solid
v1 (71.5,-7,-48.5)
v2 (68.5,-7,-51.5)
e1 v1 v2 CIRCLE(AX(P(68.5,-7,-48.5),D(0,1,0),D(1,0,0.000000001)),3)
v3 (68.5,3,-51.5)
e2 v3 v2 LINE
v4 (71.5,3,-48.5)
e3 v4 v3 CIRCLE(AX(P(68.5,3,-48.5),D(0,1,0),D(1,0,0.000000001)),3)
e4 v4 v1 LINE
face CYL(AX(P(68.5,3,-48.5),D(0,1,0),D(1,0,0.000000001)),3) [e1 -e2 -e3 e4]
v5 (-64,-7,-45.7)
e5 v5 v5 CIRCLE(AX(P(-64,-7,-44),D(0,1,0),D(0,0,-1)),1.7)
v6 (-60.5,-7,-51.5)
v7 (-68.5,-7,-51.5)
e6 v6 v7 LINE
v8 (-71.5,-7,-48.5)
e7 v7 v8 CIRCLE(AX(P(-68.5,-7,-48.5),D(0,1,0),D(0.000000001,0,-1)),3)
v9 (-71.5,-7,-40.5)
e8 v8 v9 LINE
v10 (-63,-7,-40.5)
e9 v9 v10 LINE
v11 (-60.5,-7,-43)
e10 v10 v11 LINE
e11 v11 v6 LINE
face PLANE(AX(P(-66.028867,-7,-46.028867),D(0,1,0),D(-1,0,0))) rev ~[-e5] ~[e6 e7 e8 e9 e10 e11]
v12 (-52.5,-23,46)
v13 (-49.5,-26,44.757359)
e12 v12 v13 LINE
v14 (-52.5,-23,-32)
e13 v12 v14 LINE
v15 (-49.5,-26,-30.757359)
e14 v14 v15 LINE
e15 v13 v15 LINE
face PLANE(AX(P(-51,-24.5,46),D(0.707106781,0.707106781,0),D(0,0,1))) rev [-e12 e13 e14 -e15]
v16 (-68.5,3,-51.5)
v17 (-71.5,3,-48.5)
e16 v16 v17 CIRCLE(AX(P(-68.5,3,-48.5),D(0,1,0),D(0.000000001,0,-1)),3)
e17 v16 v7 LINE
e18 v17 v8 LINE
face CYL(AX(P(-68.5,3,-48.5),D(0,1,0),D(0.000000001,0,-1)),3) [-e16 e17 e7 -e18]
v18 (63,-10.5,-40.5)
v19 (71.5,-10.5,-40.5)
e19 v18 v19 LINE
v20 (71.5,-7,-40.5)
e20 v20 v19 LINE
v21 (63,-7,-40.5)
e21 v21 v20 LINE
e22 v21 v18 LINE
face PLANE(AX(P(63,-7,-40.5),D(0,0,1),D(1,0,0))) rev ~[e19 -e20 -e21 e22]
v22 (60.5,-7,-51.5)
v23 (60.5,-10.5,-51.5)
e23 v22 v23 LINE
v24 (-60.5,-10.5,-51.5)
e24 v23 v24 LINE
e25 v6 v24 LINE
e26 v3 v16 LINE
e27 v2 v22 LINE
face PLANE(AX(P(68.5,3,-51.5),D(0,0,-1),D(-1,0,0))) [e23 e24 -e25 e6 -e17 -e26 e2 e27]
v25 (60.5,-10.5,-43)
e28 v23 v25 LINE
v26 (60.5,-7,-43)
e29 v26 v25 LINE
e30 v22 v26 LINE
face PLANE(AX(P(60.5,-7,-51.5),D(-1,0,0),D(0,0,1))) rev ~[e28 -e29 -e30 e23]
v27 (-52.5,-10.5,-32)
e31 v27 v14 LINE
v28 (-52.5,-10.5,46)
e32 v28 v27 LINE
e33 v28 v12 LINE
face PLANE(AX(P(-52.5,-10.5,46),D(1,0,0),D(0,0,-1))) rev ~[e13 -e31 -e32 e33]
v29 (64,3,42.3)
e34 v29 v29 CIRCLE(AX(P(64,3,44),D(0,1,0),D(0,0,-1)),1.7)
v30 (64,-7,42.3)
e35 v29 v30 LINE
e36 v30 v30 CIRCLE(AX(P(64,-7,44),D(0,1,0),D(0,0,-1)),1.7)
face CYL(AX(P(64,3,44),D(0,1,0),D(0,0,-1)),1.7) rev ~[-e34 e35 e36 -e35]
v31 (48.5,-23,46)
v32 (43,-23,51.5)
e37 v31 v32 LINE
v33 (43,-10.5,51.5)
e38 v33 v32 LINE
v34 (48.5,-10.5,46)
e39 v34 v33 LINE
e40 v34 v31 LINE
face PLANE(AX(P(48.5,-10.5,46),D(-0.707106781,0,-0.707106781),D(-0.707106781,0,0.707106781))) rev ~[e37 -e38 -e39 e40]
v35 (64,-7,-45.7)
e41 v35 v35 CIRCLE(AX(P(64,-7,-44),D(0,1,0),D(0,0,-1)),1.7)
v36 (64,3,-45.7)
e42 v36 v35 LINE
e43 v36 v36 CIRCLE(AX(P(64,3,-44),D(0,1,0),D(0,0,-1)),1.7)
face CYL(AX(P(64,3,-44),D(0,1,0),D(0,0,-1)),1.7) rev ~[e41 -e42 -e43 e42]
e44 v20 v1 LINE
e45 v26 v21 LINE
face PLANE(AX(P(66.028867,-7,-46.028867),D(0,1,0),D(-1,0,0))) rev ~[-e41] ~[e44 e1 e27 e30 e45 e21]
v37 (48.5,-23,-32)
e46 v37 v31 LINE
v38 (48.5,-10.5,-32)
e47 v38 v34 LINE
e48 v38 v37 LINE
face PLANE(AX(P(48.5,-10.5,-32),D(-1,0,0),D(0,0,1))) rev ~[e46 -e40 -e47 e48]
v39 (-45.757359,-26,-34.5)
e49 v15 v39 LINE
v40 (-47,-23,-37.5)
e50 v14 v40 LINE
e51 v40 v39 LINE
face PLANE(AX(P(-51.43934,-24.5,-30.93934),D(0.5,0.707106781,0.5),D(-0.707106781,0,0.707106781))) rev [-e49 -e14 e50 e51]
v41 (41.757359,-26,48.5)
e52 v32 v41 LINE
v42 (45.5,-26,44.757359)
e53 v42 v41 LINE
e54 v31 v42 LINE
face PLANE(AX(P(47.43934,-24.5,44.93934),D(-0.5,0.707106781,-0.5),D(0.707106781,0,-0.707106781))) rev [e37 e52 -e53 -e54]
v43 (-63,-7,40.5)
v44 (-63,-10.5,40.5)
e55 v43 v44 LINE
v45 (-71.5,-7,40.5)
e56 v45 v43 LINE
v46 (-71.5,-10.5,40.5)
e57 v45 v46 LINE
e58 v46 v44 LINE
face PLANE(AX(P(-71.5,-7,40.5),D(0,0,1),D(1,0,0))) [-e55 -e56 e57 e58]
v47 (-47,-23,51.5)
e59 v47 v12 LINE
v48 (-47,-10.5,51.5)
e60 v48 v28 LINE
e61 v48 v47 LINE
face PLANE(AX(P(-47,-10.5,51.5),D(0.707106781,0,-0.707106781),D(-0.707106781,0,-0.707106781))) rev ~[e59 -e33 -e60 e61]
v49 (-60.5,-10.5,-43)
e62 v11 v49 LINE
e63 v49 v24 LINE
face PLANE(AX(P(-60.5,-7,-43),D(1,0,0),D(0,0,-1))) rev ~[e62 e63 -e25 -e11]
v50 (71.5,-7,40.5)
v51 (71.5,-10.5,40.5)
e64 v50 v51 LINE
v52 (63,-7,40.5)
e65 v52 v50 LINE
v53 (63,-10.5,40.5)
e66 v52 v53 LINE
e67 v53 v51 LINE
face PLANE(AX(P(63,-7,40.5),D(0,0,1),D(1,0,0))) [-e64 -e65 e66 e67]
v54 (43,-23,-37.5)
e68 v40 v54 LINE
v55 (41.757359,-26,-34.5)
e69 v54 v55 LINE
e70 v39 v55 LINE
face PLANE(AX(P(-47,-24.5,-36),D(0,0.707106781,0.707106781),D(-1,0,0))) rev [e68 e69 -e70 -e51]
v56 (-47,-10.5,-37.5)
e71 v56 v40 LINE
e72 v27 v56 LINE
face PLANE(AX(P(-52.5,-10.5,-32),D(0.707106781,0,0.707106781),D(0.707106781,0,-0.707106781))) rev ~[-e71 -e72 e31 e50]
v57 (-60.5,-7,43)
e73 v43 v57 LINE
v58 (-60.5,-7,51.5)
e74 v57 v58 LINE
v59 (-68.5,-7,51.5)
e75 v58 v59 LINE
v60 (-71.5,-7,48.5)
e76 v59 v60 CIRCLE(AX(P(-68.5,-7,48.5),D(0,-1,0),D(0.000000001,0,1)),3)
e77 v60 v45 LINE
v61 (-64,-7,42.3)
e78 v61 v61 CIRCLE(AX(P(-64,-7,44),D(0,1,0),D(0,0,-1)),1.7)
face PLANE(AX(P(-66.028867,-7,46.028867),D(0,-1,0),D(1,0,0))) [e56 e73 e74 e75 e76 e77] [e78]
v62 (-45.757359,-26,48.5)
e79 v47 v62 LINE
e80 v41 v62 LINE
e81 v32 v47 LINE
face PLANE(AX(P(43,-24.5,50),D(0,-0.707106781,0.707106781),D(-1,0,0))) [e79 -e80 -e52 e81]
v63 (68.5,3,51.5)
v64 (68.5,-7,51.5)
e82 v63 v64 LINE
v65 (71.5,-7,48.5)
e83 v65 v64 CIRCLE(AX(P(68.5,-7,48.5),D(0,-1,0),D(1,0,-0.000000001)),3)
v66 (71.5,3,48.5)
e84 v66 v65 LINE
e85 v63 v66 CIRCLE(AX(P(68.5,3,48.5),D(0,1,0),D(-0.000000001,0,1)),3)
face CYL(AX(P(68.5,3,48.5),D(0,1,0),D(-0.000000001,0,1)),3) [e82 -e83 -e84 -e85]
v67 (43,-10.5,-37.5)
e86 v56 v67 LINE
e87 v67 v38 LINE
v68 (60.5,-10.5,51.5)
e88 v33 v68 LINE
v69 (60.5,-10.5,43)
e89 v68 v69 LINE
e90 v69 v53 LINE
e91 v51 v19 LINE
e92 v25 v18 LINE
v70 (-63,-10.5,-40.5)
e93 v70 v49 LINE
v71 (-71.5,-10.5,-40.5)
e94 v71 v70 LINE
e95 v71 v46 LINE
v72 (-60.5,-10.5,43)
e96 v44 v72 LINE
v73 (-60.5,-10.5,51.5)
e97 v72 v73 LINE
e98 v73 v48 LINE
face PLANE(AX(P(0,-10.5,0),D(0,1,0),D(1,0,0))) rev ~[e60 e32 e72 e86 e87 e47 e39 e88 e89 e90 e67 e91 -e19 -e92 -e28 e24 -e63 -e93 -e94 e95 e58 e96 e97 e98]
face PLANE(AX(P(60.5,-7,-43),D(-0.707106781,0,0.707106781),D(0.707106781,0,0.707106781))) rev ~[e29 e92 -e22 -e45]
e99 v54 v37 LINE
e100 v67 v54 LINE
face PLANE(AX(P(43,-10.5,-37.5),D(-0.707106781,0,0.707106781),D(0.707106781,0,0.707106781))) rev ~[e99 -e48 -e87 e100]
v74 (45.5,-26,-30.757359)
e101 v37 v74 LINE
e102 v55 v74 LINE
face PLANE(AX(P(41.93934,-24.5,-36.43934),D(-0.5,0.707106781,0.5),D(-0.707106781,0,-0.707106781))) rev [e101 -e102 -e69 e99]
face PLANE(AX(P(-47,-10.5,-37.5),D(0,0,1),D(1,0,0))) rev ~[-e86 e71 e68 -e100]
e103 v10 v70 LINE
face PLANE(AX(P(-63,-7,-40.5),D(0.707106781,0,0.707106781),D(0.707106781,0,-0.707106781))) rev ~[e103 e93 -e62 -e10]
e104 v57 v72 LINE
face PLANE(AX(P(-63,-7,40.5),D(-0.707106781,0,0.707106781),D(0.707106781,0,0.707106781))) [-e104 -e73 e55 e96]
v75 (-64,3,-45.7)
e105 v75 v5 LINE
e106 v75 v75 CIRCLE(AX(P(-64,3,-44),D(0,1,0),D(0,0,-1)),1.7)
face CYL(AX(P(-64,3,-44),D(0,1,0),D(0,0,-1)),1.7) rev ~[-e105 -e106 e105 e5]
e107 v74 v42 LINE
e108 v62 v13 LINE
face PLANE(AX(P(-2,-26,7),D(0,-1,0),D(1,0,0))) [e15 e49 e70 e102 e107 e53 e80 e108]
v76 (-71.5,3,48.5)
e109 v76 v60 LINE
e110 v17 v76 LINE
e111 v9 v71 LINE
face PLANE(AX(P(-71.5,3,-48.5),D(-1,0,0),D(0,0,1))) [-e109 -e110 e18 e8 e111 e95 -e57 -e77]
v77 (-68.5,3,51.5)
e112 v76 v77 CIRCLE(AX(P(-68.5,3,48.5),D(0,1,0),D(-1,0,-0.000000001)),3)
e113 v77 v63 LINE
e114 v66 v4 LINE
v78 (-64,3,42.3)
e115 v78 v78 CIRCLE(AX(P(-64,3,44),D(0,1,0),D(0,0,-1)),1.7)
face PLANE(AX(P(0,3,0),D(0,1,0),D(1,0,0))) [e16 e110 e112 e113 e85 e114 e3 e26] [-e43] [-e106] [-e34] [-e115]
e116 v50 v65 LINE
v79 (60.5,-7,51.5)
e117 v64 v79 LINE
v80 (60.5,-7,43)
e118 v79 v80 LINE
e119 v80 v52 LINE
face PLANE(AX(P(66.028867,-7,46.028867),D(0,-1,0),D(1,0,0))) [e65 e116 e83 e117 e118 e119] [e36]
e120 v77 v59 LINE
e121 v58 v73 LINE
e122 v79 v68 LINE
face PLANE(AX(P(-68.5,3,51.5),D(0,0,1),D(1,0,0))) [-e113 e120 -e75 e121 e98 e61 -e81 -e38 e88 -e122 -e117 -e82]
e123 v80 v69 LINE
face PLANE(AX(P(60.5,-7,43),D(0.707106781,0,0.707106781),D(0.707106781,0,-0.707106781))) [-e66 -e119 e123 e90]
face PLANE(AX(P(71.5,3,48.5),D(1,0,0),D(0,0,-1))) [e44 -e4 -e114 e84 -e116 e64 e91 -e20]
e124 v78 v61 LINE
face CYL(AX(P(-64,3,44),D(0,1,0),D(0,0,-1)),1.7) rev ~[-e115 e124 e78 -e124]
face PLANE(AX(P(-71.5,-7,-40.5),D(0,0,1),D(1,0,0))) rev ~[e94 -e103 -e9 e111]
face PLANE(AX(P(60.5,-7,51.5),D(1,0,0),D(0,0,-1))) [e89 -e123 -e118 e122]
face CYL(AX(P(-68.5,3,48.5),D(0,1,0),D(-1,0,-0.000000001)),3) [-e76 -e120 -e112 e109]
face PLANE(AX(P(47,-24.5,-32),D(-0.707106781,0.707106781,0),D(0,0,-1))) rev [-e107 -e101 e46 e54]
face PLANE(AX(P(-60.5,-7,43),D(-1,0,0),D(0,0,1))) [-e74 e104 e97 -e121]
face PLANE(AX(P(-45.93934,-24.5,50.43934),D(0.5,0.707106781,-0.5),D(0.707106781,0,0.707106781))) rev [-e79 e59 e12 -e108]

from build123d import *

# Parameters (mm, degrees)
SKETCH1_R           = 1.7
BOSS_EXTRUDE1_DEPTH = 13.5
CUT_EXTRUDE2_START  = -3.5
CUT_EXTRUDE2_DEPTH  = 3.5
BOSS_EXTRUDE2_DEPTH = 15.5
CHAMFER1_SIZE       = 3


with BuildPart() as part:
    # Sketch1 → Boss-Extrude1 (new body)
    with BuildSketch(Plane(origin=(0, 3, 0), x_dir=(1, 0, 0), z_dir=(0, 1, 0))):
        with BuildLine():
            Line((71.5, -48.5), (71.5, 48.5))
            ThreePointArc((71.5, 48.5), (70.621320344, 50.621320344), (68.5, 51.5))
            Line((68.5, 51.5), (-68.5, 51.5))
            ThreePointArc((-68.5, 51.5), (-70.621320344, 50.621320344), (-71.5, 48.5))
            Line((-71.5, 48.5), (-71.5, -48.5))
            ThreePointArc((-71.5, -48.5), (-70.621320344, -50.621320344), (-68.5, -51.5))
            Line((-68.5, -51.5), (68.5, -51.5))
            ThreePointArc((68.5, -51.5), (70.621320344, -50.621320344), (71.5, -48.5))
        make_face()
        with Locations(Location((-64, 44, 0), (0, 0, 90))):
            Circle(SKETCH1_R, mode=Mode.SUBTRACT)
        with Locations(Location((-64, -44, 0), (0, 0, 90))):
            Circle(SKETCH1_R, mode=Mode.SUBTRACT)
        with Locations(Location((64, -44, 0), (0, 0, 90))):
            Circle(SKETCH1_R, mode=Mode.SUBTRACT)
        with Locations(Location((64, 44, 0), (0, 0, 90))):
            Circle(SKETCH1_R, mode=Mode.SUBTRACT)
    extrude(amount=-BOSS_EXTRUDE1_DEPTH)

    # Sketch2 → Cut-Extrude2 (cut)
    with BuildSketch(Plane.XZ.offset(10.5).offset(CUT_EXTRUDE2_START)):
        with BuildLine():
            Line((-71.5, -40.5), (-63, -40.5))
            Line((-63, -40.5), (-60.5, -43))
            Line((-60.5, -43), (-60.5, -51.5))
            Line((-60.5, -51.5), (-68.5, -51.5))
            ThreePointArc((-68.5, -51.5), (-70.621320344, -50.621320344), (-71.5, -48.5))
            Line((-71.5, -48.5), (-71.5, -40.5))
        make_face()
        with BuildLine():
            Line((-71.5, 40.5), (-63, 40.5))
            Line((-63, 40.5), (-60.5, 43))
            Line((-60.5, 43), (-60.5, 51.5))
            Line((-60.5, 51.5), (-68.5, 51.5))
            ThreePointArc((-68.5, 51.5), (-70.621320344, 50.621320344), (-71.5, 48.5))
            Line((-71.5, 48.5), (-71.5, 40.5))
        make_face()
        with BuildLine():
            Line((60.5, 51.5), (60.5, 43))
            Line((60.5, 43), (63, 40.5))
            Line((63, 40.5), (71.5, 40.5))
            Line((71.5, 40.5), (71.5, 48.5))
            ThreePointArc((71.5, 48.5), (70.621320344, 50.621320344), (68.5, 51.5))
            Line((68.5, 51.5), (60.5, 51.5))
        make_face()
        with BuildLine():
            Line((60.5, -51.5), (60.5, -43))
            Line((60.5, -43), (63, -40.5))
            Line((63, -40.5), (71.5, -40.5))
            Line((71.5, -40.5), (71.5, -48.5))
            ThreePointArc((71.5, -48.5), (70.621320344, -50.621320344), (68.5, -51.5))
            Line((68.5, -51.5), (60.5, -51.5))
        make_face()
    extrude(amount=CUT_EXTRUDE2_DEPTH, mode=Mode.SUBTRACT)

    # Sketch3 → Boss-Extrude2 (add)
    with BuildSketch(Plane.XZ.offset(10.5)):
        Polygon((-52.5, 46), (-52.5, -32), (-47, -37.5), (43, -37.5), (48.5, -32), (48.5, 46), (43, 51.5), (-47, 51.5), align=None)
    extrude(amount=BOSS_EXTRUDE2_DEPTH)

    # Chamfer1
    chamfer1_edges = [part.edges().sort_by_distance(p)[0] for p in [
        (-2, -26, -37.5),
        (-49.75, -26, -34.75),
        (48.5, -26, 7),
        (45.75, -26, -34.75),
        (45.75, -26, 48.75),
        (-2, -26, 51.5),
        (-49.75, -26, 48.75),
        (-52.5, -26, 7),
    ]]
    chamfer(chamfer1_edges, length=CHAMFER1_SIZE)


solid = part.part
